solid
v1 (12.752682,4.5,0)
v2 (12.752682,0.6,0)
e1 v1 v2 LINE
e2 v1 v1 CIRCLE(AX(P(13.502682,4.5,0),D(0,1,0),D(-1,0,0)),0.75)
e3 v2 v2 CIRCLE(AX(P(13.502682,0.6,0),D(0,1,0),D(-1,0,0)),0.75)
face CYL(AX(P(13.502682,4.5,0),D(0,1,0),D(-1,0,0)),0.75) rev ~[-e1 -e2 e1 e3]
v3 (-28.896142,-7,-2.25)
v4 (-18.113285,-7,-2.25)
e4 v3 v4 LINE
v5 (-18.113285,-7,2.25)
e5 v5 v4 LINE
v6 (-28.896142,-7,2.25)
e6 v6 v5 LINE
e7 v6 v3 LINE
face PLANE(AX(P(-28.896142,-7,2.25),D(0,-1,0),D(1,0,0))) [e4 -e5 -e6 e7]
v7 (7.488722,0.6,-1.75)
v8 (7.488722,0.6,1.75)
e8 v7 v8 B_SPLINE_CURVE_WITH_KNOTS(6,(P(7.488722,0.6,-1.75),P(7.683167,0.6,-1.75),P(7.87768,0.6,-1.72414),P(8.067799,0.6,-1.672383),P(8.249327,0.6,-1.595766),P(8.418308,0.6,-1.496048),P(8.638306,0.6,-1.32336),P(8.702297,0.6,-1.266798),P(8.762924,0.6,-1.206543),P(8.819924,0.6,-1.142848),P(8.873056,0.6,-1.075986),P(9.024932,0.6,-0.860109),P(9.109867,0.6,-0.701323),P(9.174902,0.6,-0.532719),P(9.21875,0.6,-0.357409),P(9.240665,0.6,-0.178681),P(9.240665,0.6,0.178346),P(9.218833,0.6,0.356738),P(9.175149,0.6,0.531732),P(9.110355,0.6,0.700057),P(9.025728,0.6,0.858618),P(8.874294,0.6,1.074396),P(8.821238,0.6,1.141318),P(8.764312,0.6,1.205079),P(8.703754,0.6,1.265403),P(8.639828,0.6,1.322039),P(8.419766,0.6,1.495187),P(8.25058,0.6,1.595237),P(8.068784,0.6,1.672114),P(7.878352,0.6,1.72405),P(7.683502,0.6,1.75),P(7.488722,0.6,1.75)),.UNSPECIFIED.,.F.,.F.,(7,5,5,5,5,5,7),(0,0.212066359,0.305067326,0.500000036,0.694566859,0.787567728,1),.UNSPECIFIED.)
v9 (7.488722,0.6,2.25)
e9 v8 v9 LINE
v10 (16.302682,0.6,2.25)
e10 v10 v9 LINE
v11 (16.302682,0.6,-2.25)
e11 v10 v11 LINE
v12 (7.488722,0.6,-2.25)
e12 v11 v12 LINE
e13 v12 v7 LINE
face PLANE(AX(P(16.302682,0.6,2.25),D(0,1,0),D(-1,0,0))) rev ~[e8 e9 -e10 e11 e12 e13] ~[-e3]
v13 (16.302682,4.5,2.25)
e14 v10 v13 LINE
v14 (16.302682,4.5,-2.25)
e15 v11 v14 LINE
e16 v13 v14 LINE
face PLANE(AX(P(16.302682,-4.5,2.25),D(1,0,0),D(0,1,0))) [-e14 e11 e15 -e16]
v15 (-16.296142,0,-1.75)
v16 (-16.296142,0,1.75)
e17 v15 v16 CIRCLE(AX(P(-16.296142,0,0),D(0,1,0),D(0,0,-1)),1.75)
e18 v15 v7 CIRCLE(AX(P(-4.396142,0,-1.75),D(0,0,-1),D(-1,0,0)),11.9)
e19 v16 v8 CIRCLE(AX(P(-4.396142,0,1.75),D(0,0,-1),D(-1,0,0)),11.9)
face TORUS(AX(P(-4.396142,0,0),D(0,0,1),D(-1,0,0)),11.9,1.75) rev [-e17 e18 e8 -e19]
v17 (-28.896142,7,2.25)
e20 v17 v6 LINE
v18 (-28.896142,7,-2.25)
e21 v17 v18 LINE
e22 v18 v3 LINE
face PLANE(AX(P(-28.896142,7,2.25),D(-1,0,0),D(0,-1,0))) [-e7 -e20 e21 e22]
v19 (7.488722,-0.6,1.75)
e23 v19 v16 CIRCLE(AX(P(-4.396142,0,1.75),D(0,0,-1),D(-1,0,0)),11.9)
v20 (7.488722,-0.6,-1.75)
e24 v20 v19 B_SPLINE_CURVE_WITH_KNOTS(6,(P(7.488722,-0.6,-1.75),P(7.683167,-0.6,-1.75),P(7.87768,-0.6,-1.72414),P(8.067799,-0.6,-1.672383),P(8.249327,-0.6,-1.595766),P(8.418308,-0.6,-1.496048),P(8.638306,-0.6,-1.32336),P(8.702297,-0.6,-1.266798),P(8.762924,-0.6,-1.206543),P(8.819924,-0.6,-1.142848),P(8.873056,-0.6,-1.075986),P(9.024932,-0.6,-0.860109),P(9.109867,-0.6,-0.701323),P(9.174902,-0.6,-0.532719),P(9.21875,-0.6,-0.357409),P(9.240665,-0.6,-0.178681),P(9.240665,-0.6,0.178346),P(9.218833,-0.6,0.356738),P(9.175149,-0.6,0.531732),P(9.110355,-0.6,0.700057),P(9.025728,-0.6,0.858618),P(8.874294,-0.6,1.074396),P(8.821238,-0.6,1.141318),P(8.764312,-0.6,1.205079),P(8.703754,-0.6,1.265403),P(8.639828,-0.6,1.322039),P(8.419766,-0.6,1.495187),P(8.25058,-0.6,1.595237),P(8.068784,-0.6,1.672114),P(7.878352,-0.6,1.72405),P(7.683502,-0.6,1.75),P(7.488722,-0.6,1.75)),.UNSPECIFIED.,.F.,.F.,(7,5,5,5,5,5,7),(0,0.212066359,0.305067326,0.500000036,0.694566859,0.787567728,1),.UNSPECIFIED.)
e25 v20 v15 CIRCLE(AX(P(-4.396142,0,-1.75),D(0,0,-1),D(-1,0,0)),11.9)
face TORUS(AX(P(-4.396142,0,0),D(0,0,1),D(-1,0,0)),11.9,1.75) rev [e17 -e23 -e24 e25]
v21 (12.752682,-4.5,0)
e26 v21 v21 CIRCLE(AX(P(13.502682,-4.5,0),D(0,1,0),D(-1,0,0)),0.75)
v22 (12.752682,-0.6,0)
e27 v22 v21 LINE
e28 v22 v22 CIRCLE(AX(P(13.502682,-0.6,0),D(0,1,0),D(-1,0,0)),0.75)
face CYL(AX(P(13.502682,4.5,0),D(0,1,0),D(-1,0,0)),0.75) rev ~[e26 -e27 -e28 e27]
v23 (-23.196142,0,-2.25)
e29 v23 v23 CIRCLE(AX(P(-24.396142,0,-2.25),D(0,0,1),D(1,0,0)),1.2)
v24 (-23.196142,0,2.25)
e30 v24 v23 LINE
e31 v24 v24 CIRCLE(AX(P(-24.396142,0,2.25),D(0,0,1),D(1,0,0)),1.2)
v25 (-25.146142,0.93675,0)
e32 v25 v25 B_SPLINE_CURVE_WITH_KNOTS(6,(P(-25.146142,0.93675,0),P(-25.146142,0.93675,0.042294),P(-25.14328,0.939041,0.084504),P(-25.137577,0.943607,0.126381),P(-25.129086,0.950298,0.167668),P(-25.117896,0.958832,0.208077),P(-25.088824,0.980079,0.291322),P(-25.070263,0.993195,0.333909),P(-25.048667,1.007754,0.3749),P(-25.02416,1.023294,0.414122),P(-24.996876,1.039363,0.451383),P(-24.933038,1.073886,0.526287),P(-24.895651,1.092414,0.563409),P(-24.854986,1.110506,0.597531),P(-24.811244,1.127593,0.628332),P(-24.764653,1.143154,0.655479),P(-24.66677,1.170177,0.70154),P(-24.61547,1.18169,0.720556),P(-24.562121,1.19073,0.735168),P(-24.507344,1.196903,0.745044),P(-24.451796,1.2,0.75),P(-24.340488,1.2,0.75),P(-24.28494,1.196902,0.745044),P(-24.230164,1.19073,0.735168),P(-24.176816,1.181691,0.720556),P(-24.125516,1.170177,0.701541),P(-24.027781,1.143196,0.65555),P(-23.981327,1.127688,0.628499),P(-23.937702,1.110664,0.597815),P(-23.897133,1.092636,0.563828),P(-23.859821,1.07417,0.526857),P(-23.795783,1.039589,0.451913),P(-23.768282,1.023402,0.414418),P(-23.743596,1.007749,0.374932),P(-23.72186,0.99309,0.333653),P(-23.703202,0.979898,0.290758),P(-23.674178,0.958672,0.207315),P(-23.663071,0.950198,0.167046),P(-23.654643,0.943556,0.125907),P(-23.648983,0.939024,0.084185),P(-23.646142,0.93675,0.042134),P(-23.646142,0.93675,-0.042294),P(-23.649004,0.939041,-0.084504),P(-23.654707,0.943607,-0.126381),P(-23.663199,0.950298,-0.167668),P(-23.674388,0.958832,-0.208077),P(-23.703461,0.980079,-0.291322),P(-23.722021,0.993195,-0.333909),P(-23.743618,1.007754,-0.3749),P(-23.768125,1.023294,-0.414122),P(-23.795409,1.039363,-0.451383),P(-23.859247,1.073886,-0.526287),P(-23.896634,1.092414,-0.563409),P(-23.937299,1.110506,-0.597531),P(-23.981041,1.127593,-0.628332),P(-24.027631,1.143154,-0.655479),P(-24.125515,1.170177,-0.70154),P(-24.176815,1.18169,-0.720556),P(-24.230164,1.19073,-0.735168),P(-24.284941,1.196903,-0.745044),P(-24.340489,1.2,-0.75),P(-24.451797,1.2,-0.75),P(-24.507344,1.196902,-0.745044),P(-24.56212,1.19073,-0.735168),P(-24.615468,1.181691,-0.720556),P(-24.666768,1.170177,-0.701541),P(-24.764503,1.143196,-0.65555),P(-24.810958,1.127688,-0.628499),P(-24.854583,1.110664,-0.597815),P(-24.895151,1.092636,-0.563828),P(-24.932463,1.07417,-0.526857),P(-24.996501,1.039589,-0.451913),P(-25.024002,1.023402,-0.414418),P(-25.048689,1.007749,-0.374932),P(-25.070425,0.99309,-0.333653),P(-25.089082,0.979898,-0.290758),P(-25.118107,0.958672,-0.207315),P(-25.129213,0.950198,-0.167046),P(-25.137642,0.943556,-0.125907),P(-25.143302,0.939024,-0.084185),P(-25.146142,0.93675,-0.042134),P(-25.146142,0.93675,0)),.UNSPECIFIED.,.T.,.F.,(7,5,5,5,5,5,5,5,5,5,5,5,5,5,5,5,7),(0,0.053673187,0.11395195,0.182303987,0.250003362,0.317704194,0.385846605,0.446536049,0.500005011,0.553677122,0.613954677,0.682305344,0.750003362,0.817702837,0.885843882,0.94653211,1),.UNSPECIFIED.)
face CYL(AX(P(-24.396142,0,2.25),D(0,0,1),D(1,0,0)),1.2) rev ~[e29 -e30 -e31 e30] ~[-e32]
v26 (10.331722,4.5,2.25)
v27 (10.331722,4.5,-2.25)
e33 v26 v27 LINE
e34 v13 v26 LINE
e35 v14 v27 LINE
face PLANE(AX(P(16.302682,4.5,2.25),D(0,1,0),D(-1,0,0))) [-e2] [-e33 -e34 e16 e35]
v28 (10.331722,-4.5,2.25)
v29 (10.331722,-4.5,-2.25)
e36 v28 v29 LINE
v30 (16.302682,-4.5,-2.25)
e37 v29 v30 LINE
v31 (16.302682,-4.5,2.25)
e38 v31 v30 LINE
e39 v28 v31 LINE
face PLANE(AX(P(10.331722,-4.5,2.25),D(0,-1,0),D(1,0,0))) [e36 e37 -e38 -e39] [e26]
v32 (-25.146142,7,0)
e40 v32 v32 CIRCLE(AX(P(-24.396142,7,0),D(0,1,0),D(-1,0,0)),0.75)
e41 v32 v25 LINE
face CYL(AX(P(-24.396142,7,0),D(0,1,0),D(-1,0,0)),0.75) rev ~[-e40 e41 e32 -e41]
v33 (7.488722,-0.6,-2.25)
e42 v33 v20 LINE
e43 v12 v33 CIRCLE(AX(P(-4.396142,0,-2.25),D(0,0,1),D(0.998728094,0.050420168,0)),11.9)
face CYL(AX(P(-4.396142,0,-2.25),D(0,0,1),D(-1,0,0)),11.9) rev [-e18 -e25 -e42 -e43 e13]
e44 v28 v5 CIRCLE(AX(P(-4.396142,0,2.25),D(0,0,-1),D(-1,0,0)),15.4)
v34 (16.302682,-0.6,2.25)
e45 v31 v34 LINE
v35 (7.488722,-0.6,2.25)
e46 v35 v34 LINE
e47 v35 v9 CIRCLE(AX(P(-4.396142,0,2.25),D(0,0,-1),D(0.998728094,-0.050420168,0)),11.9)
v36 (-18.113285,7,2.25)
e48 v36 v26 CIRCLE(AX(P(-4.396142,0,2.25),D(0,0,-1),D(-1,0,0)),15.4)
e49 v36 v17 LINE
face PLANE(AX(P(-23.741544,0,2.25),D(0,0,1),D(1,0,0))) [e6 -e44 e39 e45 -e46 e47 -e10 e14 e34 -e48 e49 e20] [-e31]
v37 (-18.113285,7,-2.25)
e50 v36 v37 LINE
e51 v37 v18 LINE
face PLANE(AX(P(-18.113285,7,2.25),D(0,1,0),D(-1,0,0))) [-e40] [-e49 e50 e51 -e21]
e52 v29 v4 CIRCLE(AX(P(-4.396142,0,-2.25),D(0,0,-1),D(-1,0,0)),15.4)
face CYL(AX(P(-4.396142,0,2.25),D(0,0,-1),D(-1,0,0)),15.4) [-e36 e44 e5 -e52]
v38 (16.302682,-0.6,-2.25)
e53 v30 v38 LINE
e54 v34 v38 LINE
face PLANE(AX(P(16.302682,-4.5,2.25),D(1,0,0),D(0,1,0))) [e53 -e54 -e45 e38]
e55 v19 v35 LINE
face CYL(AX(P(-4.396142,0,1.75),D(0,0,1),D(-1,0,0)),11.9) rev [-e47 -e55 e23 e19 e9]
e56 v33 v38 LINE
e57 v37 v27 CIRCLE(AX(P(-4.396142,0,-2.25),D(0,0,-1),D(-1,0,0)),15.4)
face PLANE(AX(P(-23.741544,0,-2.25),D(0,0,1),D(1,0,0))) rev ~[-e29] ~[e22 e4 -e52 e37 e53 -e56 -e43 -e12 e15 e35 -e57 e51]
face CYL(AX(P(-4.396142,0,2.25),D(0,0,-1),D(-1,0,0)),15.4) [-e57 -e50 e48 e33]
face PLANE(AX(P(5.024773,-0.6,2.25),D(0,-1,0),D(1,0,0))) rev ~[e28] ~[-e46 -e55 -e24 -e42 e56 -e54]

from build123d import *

# Parameters (mm, degrees)
F2_R     = 1.2
F3_DEPTH = 4.5
F4_R     = 0.75
F5_DEPTH = 7
F6_R     = 0.75
F7_DEPTH = 25
F9_DEPTH = 25


with BuildPart() as f1:
    # F0 (on Front) → F1 (revolve)
    with BuildSketch(Plane.XZ):
        with BuildLine():
            ThreePointArc((-16.2961422592, -2.25), (-18.5461422592, 0), (-16.2961422592, 2.25))
            Line((-16.2961422592, 2.25), (-19.7961422592, 2.25))
            Line((-19.7961422592, 2.25), (-19.7961422592, -2.25))
            Line((-19.7961422592, -2.25), (-16.2961422592, -2.25))
        make_face()
        with BuildLine():
            Line((-16.2961422592, 1.75), (-16.2961422592, 2.25))
            ThreePointArc((-16.2961422592, 2.25), (-18.5461422592, 0), (-16.2961422592, -2.25))
            Line((-16.2961422592, -2.25), (-16.2961422592, -1.75))
            ThreePointArc((-16.2961422592, -1.75), (-18.0461422592, 0), (-16.2961422592, 1.75))
        make_face()
    revolve(axis=Axis((-4.3961422592, 0, -0.5702087656), (0, 0, -1)))

    # F2 (on face) → F3 (join)
    with BuildSketch(Plane.XY.offset(2.25)):
        with BuildLine():
            ThreePointArc((-18.1132848188, -7), (-19.7961422592, 0), (-18.1132848188, 7))
            Line((-18.1132848188, 7), (-28.8961422592, 7))
            Line((-28.8961422592, 7), (-28.8961422592, -7))
            Line((-28.8961422592, -7), (-18.1132848188, -7))
        make_face()
        with Locations((-24.3961422592, 0)):
            Circle(F2_R, mode=Mode.SUBTRACT)
        with BuildLine():
            Line((16.3026824594, 4.5), (10.3317224876, 4.5))
            ThreePointArc((10.3317224876, 4.5), (10.8348970536, 2.2749596589), (11.0038577408, 0))
            ThreePointArc((11.0038577408, 0), (10.8348970536, -2.2749596589), (10.3317224876, -4.5))
            Line((10.3317224876, -4.5), (16.3026824594, -4.5))
            Line((16.3026824594, -4.5), (16.3026824594, 4.5))
        make_face()
    extrude(amount=-F3_DEPTH)

    # F4 (on face) → F5 (cut)
    with BuildSketch(Plane(origin=(0, 7, 0), x_dir=(-1, 0, 0), z_dir=(0, 1, 0))):
        with Locations((24.3961422592, 0)):
            Circle(F4_R)
    extrude(amount=-F5_DEPTH, mode=Mode.SUBTRACT)

    # F6 (on face) → F7 (cut)
    with BuildSketch(Plane(origin=(0, 4.5, 0), x_dir=(-1, 0, 0), z_dir=(0, 1, 0))):
        with Locations((-13.5026824594, 0)):
            Circle(F6_R)
    extrude(amount=-F7_DEPTH, mode=Mode.SUBTRACT)

    # F8 (on face) → F9 (cut)
    with BuildSketch(Plane.XY.offset(2.25)):
        with BuildLine():
            ThreePointArc((7.5038577408, 0), (7.50007322, 0.3000954384), (7.4887220648, 0.6))
            Line((7.4887220648, 0.6), (5.0247731139, 0.6))
            Line((5.0247731139, 0.6), (5.0247731139, -0.6))
            Line((5.0247731139, -0.6), (7.4887220648, -0.6))
            ThreePointArc((7.4887220648, -0.6), (7.50007322, -0.3000954384), (7.5038577408, 0))
        make_face()
        with BuildLine():
            Line((16.3026824594, -0.6), (16.3026824594, 0.6))
            Line((16.3026824594, 0.6), (7.4887220648, 0.6))
            ThreePointArc((7.4887220648, 0.6), (7.50007322, 0.3000954384), (7.5038577408, 0))
            ThreePointArc((7.5038577408, 0), (7.50007322, -0.3000954384), (7.4887220648, -0.6))
            Line((7.4887220648, -0.6), (16.3026824594, -0.6))
        make_face()
    extrude(amount=-F9_DEPTH, mode=Mode.SUBTRACT)


solid = f1.part
